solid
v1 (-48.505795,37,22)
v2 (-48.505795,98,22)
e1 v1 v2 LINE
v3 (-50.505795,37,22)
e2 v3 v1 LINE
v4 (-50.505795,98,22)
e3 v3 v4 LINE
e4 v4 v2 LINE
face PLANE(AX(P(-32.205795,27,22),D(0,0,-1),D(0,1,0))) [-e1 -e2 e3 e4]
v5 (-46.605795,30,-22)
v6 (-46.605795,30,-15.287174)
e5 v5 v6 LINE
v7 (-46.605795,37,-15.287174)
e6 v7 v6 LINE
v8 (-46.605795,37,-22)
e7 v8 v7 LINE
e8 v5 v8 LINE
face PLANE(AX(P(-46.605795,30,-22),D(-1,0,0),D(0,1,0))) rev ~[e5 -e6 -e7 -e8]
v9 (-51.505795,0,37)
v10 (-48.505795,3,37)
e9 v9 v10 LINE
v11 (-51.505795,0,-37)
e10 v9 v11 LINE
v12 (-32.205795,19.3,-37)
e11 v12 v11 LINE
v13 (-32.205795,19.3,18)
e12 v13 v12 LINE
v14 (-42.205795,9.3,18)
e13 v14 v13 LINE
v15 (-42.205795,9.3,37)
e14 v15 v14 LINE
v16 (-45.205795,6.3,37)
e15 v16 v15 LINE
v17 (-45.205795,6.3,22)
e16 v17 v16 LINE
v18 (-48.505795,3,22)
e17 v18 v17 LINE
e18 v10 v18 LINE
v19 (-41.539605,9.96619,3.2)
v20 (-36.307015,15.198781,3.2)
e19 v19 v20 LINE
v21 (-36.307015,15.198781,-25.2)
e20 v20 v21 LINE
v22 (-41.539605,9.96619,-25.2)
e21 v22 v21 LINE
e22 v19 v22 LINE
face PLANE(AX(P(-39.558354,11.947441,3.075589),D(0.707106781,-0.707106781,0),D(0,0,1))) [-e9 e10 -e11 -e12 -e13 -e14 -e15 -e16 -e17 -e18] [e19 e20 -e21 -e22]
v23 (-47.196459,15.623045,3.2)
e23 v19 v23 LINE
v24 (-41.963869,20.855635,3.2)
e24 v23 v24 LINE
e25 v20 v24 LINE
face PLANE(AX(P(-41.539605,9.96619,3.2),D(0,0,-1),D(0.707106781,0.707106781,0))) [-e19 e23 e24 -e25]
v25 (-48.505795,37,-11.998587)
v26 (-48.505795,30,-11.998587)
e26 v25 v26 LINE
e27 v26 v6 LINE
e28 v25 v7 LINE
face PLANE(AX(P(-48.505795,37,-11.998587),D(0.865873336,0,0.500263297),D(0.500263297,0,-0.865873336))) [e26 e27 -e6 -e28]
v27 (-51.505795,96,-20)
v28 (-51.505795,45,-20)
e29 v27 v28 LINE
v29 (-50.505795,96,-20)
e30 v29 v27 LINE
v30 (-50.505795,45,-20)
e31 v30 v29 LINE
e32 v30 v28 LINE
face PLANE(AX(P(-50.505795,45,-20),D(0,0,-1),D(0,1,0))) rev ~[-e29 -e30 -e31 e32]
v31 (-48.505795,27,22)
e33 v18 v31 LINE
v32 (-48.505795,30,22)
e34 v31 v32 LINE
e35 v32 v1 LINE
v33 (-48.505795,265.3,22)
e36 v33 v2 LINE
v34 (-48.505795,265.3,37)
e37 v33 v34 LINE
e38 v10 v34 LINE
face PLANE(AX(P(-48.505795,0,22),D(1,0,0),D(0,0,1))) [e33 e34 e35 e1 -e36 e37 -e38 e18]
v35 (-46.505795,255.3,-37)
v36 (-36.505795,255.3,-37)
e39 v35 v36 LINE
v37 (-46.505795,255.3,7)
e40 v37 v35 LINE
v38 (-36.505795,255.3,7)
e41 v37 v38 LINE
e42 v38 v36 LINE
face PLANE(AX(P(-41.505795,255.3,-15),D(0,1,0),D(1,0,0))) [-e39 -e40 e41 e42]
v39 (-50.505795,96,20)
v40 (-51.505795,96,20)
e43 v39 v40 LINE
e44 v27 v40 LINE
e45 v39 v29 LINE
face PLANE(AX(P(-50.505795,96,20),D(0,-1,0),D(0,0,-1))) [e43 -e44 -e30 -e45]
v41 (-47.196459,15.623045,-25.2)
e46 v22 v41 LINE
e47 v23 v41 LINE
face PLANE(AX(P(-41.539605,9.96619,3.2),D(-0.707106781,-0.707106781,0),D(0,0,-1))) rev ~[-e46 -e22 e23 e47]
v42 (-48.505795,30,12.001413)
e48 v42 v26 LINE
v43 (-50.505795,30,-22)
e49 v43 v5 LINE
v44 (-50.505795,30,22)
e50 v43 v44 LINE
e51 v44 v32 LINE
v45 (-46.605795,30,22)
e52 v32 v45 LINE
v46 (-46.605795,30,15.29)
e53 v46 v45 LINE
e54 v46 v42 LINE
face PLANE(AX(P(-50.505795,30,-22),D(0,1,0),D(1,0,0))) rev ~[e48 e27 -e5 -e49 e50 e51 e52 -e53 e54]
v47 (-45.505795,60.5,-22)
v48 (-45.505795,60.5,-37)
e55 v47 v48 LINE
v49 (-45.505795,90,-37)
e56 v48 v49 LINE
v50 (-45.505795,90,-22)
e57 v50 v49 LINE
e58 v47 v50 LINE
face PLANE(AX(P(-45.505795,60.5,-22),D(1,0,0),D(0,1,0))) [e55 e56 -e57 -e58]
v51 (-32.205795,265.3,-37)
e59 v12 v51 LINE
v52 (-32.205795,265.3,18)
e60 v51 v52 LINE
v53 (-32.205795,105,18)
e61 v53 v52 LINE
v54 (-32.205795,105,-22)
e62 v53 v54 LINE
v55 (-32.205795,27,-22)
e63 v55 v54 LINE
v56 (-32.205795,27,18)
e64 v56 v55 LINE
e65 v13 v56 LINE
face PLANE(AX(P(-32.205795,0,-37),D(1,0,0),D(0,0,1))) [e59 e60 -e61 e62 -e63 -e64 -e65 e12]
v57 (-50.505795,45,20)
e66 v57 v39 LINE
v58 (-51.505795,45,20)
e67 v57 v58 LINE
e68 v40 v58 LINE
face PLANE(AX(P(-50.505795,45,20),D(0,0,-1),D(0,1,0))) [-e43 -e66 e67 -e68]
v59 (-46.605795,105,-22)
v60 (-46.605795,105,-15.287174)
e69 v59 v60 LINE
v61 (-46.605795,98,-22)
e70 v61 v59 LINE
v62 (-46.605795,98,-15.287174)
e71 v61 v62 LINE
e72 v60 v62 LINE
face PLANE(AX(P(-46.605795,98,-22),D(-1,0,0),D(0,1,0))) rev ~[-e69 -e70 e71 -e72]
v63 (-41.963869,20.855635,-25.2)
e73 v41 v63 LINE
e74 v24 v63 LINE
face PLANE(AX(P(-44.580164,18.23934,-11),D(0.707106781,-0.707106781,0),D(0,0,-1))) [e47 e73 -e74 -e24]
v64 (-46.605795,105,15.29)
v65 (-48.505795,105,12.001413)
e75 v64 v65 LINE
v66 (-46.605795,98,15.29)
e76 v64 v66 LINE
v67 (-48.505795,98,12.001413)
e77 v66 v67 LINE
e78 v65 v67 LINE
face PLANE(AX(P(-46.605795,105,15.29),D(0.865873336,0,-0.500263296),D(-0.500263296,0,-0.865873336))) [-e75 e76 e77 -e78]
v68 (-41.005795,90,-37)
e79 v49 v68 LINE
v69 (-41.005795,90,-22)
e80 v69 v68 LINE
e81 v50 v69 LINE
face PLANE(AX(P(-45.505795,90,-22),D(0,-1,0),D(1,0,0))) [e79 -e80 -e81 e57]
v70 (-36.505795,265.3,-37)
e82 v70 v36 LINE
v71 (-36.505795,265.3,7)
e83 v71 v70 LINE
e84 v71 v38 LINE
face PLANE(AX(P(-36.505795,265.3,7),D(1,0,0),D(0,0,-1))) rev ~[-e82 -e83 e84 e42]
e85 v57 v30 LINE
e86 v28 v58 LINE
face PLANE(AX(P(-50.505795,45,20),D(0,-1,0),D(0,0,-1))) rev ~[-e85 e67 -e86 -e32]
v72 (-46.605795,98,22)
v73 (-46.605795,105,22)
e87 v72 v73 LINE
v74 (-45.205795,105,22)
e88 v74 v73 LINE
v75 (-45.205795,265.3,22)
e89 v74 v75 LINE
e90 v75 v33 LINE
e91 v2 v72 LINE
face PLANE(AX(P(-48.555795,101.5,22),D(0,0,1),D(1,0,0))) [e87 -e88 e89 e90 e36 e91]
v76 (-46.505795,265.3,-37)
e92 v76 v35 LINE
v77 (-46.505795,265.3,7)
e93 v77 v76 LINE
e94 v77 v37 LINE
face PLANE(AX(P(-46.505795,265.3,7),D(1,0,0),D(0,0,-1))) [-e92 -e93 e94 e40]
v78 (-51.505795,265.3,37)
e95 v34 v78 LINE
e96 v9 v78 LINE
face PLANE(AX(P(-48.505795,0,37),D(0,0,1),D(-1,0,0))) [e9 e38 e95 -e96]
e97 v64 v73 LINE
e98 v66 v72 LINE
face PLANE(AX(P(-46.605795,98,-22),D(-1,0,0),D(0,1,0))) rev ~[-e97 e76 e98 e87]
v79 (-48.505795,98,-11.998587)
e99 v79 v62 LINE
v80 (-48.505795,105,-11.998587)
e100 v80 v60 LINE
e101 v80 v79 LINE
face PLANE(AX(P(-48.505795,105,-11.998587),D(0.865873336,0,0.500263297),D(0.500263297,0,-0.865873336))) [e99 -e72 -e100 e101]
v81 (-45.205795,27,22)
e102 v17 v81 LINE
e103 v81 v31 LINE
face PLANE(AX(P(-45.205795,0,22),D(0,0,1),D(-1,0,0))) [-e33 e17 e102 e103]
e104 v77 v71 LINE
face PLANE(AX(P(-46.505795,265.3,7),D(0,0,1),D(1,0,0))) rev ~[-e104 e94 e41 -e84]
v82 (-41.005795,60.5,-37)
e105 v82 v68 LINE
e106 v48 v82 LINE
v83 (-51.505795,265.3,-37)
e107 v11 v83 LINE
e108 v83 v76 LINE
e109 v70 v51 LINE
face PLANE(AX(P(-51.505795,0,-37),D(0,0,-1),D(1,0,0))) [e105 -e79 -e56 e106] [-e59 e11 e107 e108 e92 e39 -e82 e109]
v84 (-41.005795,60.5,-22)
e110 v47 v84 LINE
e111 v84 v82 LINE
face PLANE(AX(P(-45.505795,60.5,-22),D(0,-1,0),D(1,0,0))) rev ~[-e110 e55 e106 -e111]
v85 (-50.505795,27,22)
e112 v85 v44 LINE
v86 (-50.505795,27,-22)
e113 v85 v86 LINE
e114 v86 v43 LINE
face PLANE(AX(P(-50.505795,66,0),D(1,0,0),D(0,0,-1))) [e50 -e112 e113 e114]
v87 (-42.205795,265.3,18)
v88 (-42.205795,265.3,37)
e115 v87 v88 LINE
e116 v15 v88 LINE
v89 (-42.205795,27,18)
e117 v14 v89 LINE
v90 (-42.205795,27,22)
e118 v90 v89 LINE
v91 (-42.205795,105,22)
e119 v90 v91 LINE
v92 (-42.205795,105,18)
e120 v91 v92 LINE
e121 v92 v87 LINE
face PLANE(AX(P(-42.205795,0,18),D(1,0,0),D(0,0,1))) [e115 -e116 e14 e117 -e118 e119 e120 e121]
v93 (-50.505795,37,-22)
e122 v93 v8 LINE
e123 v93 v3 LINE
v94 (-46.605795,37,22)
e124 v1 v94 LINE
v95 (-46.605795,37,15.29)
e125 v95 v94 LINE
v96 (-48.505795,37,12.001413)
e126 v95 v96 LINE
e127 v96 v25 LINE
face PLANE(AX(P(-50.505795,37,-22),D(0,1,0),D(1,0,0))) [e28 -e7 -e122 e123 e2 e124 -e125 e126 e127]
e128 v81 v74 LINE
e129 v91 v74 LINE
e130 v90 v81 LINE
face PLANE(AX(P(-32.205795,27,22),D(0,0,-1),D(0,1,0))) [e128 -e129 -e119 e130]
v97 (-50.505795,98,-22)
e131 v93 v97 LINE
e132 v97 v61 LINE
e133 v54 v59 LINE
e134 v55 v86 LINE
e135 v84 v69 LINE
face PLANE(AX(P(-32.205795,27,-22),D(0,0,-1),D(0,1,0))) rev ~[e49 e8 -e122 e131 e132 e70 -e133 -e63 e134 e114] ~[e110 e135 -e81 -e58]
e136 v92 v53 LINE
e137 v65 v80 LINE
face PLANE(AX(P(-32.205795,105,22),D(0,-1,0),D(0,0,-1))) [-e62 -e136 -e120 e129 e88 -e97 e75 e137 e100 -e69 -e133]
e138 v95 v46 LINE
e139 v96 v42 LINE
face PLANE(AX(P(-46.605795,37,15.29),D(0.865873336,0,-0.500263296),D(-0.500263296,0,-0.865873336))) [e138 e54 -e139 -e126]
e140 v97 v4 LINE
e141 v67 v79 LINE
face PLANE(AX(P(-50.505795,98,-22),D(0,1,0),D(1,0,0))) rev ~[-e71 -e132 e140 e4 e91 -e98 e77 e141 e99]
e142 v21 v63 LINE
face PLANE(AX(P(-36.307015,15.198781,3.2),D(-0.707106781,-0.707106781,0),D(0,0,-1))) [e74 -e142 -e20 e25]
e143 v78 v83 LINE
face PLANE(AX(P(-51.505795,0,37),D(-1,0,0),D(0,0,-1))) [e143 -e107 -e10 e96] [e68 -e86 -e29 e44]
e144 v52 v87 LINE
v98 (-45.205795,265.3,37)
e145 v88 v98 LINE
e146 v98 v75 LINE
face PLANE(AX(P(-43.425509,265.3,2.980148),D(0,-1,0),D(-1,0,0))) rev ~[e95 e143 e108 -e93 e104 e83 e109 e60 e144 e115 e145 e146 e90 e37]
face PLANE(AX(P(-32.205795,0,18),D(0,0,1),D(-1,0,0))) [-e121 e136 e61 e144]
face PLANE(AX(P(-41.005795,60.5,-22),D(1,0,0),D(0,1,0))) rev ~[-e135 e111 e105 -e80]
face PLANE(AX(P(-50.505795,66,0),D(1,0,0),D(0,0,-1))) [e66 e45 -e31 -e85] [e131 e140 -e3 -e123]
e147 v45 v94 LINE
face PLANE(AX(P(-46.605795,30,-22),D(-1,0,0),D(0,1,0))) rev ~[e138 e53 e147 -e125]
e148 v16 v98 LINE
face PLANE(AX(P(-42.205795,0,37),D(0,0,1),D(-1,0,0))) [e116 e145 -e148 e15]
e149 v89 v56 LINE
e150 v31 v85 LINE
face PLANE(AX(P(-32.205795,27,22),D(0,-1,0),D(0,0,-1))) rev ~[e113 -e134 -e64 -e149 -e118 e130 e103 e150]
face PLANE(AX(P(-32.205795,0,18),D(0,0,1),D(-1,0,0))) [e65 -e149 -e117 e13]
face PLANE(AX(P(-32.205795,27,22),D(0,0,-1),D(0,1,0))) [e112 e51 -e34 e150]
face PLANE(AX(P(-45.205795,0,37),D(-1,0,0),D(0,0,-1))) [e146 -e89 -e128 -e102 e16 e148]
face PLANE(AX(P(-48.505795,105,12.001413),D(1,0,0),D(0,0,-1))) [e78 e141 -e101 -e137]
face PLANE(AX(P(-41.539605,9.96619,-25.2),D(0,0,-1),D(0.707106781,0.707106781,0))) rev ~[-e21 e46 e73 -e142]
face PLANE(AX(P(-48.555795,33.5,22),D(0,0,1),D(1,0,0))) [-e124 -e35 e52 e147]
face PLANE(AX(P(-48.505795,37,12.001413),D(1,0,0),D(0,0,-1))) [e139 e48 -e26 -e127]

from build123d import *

# Parameters (mm, degrees)
BOSS_EXTRUDE1_DEPTH = 265.3
SKETCH2_W           = 10
SKETCH2_H           = 44
CUT_EXTRUDE1_DEPTH  = 10
SKETCH3_W           = 271.149403365
SKETCH3_H           = 159.03985052
CUT_EXTRUDE2_DEPTH  = 31
SKETCH4_W           = 28
SKETCH4_H           = 7
CUT_EXTRUDE3_DEPTH  = 8
SKETCH5_W           = 28.4
SKETCH5_H           = 7.4
CUT_EXTRUDE4_DEPTH  = 8
SKETCH6_W           = 44
SKETCH6_H           = 78
CUT_EXTRUDE5_DEPTH  = 18.3
SKETCH7_W           = 40
SKETCH7_H           = 51
CUT_EXTRUDE6_DEPTH  = 18.3
SKETCH8_W           = 3.9
SKETCH8_H           = 7
BOSS_EXTRUDE2_DEPTH = 44
CUT_EXTRUDE7_DEPTH  = 7
LPATTERN1_COUNT     = 2
LPATTERN1_PITCH     = 68
SKETCH11_W          = 4.5
SKETCH11_H          = 29.5
CUT_EXTRUDE8_DEPTH  = 15


with BuildPart() as part:
    # Sketch1 → Boss-Extrude1 (new body)
    with BuildSketch(Plane(origin=(0, 0, 0), x_dir=(1, 0, 0), z_dir=(0, 1, 0))):
        Polygon((-51.505795374, 37), (-32.205795374, 37), (-32.205795374, -18), (-42.205795374, -18), (-42.205795374, -37), (-45.205795374, -37), (-45.205795374, -22), (-48.505795374, -22), (-48.505795374, -37), (-51.505795374, -37), align=None)
    extrude(amount=BOSS_EXTRUDE1_DEPTH)

    # Sketch2 → Cut-Extrude1 (cut)
    with BuildSketch(Plane(origin=(0, 265.3, 0), x_dir=(1, 0, 0), z_dir=(0, 1, 0))):
        with Locations((-41.505795374, 15)):
            Rectangle(SKETCH2_W, SKETCH2_H)
    extrude(amount=-CUT_EXTRUDE1_DEPTH, mode=Mode.SUBTRACT)

    # Sketch3 → Cut-Extrude2 (cut)
    with BuildSketch(Plane(origin=(-25.752897687, 25.752897687, 0), x_dir=(0, 0, 1), z_dir=(0.7071067811865488, -0.7071067811865464, 0))):
        with Locations((3.075588753, 19.523863597)):
            Rectangle(SKETCH3_W, SKETCH3_H)
    extrude(amount=CUT_EXTRUDE2_DEPTH, mode=Mode.SUBTRACT)

    # Sketch4 → Cut-Extrude3 (cut)
    with BuildSketch(Plane(origin=(-25.752897687, 25.752897687, 0), x_dir=(0, 0, -1), z_dir=(0.7071067811865487, -0.7071067811865465, 0))):
        with Locations((11, -18.625775426)):
            Rectangle(SKETCH4_W, SKETCH4_H)
    extrude(amount=-CUT_EXTRUDE3_DEPTH, mode=Mode.SUBTRACT)

    # Sketch5 → Cut-Extrude4 (cut)
    with BuildSketch(Plane(origin=(-25.752897687, 25.752897687, 0), x_dir=(0, 0, -1), z_dir=(0.7071067811865487, -0.7071067811865465, 0))):
        with Locations((11, -18.625775426)):
            Rectangle(SKETCH5_W, SKETCH5_H)
    extrude(amount=-CUT_EXTRUDE4_DEPTH, mode=Mode.SUBTRACT)

    # Sketch6 → Cut-Extrude5 (cut)
    with BuildSketch(Plane(origin=(-32.205795374, 0, 0), x_dir=(0, 0, -1), z_dir=(1, 0, 0))):
        with Locations((0, 66)):
            Rectangle(SKETCH6_W, SKETCH6_H)
    extrude(amount=-CUT_EXTRUDE5_DEPTH, mode=Mode.SUBTRACT)

    # Sketch7 → Cut-Extrude6 (cut)
    with BuildSketch(Plane(origin=(-50.505795374, 0, 0), x_dir=(0, 0, -1), z_dir=(1, 0, 0))):
        with Locations((0, 70.5)):
            Rectangle(SKETCH7_W, SKETCH7_H)
    extrude(amount=-CUT_EXTRUDE6_DEPTH, mode=Mode.SUBTRACT)

    # Sketch8 → Boss-Extrude2 (add)
    with BuildSketch(Plane.XY.offset(-22)):
        with Locations((-48.555795374, 33.5)):
            Rectangle(SKETCH8_W, SKETCH8_H)
    boss_extrude2 = extrude(amount=BOSS_EXTRUDE2_DEPTH)

    # Sketch10 → Cut-Extrude7 (cut)
    with BuildSketch(Plane(origin=(0, 37, 0), x_dir=(1, 0, 0), z_dir=(0, 1, 0))):
        Polygon((-46.605795374, -15.29), (-48.505795374, -12.001413069), (-48.505795374, 11.998586931), (-46.605795374, 15.287173861), align=None)
    cut_extrude7 = extrude(amount=-CUT_EXTRUDE7_DEPTH, mode=Mode.SUBTRACT)

    # LPattern1: Boss-Extrude2, Cut-Extrude7 ×2
    with Locations(*[(0, i * LPATTERN1_PITCH, 0) for i in range(1, LPATTERN1_COUNT)]):
        add(boss_extrude2)
        add(cut_extrude7, mode=Mode.SUBTRACT)

    # Sketch11 → Cut-Extrude8 (cut)
    with BuildSketch(Plane.XY.offset(-22)):
        with Locations((-43.255795374, 75.25)):
            Rectangle(SKETCH11_W, SKETCH11_H)
    extrude(amount=-CUT_EXTRUDE8_DEPTH, mode=Mode.SUBTRACT)


solid = part.part
